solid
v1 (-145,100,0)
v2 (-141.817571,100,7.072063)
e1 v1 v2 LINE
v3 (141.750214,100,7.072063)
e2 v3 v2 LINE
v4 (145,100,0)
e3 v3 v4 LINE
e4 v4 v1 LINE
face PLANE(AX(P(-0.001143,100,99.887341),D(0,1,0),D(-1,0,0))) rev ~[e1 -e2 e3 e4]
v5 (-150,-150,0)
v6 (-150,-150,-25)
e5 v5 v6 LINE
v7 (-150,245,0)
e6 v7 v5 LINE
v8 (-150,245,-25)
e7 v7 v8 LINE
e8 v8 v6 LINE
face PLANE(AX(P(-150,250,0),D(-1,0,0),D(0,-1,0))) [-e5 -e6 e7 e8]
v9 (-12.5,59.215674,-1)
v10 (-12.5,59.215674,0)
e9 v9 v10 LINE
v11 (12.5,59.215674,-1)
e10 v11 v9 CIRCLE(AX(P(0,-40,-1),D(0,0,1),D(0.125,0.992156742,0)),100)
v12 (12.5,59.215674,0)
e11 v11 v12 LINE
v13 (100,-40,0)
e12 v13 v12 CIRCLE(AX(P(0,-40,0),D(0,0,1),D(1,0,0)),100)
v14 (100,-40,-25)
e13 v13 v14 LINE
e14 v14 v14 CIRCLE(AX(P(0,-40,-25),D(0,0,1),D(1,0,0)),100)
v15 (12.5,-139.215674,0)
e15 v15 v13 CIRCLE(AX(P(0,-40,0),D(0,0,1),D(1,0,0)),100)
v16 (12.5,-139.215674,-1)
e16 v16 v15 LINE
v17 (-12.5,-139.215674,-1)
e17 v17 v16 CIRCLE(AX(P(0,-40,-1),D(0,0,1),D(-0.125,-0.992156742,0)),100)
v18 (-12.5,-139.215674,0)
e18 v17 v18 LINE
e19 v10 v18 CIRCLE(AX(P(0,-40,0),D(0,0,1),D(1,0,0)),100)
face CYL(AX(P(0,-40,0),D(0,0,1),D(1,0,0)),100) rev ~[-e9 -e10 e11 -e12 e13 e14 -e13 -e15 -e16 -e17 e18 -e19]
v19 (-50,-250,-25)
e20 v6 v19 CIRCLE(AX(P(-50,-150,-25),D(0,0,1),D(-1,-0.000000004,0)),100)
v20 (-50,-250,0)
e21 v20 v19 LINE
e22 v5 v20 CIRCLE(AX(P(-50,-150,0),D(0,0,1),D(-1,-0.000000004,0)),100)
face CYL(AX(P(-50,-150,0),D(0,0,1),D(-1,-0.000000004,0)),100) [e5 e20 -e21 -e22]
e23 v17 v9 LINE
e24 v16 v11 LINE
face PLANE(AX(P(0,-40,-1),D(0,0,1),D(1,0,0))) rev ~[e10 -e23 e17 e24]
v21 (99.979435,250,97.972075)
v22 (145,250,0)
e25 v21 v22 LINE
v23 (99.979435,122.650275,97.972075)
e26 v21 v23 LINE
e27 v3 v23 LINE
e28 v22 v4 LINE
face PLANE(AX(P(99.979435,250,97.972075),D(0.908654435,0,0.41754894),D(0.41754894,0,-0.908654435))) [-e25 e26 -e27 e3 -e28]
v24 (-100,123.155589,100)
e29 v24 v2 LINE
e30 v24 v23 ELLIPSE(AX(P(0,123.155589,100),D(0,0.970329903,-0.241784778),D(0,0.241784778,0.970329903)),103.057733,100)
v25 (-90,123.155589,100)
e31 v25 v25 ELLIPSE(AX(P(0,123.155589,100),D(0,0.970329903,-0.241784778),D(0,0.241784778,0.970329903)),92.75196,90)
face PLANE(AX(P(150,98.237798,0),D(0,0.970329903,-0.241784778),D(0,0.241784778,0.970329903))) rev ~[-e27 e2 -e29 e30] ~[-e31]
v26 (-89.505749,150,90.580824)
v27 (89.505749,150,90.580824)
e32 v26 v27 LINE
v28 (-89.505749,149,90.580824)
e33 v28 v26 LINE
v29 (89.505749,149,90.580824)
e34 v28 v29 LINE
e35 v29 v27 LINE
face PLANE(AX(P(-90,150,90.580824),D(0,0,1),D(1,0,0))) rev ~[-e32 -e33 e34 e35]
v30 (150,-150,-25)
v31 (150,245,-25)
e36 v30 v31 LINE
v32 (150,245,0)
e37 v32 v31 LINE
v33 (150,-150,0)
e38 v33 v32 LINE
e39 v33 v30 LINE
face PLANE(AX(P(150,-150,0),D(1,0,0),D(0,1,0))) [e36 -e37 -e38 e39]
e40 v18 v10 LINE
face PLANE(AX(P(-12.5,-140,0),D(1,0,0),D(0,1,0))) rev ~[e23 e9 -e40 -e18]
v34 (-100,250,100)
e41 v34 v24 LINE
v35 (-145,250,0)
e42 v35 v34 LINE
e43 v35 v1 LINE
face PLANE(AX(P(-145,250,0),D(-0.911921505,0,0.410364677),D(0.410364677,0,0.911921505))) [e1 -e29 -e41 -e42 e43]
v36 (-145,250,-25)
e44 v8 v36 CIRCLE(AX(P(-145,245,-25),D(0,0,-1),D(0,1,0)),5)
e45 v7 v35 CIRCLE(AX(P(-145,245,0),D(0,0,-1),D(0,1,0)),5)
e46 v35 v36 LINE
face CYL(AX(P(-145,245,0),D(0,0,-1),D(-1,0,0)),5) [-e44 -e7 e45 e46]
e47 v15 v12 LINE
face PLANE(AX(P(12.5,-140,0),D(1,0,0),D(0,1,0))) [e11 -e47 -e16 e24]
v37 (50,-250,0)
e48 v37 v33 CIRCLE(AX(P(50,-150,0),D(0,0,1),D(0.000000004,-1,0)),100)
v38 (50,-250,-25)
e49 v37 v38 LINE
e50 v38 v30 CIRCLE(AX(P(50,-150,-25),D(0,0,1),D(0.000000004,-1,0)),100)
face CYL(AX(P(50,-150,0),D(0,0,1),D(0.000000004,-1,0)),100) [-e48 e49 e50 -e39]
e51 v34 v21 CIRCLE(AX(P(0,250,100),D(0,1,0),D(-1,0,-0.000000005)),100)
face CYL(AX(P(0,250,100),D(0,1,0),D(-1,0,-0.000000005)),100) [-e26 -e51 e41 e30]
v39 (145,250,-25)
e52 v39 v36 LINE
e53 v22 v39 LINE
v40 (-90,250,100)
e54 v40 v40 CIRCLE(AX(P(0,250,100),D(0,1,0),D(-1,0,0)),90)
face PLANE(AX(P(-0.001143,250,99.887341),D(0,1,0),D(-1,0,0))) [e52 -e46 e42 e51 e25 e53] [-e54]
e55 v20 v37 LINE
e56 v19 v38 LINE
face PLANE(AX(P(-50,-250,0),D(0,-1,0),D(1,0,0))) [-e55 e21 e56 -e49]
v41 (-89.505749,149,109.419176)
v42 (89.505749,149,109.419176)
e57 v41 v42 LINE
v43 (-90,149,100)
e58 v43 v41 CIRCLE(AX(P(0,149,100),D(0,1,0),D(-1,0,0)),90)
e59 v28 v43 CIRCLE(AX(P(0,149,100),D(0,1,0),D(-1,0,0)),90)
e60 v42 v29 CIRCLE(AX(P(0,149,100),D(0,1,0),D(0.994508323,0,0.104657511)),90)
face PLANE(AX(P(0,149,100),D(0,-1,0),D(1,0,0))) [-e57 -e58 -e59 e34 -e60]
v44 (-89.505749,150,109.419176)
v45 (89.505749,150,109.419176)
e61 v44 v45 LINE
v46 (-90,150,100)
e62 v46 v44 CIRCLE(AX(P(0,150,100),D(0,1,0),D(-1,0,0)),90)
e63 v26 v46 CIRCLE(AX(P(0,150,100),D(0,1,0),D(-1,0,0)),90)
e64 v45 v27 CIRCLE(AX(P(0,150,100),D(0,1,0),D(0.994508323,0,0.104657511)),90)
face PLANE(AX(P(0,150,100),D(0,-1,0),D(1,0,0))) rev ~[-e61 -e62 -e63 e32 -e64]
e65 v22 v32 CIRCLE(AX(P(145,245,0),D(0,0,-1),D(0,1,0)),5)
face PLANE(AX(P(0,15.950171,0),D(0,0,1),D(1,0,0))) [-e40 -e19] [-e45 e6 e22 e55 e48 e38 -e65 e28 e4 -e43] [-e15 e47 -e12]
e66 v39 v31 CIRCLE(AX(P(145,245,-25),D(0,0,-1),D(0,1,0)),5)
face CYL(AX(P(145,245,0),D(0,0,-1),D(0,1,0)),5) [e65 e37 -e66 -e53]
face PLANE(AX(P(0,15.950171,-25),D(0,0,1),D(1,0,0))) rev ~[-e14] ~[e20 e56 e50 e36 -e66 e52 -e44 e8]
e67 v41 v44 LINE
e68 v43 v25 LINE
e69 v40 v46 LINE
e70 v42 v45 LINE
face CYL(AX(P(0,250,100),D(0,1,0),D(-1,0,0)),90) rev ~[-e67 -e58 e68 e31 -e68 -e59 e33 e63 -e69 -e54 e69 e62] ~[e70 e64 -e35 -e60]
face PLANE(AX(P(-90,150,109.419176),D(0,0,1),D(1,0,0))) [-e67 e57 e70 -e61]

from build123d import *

# Parameters (mm, degrees)
F0_R      = 100
F1_DEPTH  = 25
F2_R      = 5
F3_R      = 90
F4_DEPTH  = 150
F6_DEPTH  = 300.001
F7_W      = 25
F7_H      = 200
F8_DEPTH  = 1
F10_W     = 180
F10_H     = 18.838352
F11_DEPTH = 1


with BuildPart() as f1:
    # F0 (on Top) → F1 (new body)
    with BuildSketch(Plane.XY):
        with BuildLine():
            ThreePointArc((-150, -150), (-120.710678, -220.710678), (-50, -250))
            Line((-50, -250), (50, -250))
            ThreePointArc((50, -250), (120.710678, -220.710678), (150, -150))
            Line((150, -150), (150, 250))
            Line((150, 250), (-150, 250))
            Line((-150, 250), (-150, -150))
        make_face()
        with Locations((0, -40)):
            Circle(F0_R, mode=Mode.SUBTRACT)
    extrude(amount=-F1_DEPTH)

    # F2
    f2_edges = [f1.edges().sort_by_distance(p)[0] for p in [
        (150, 250, -12.5),
        (-150, 250, -12.5),
    ]]
    fillet(f2_edges, radius=F2_R)

    # F3 (on face) → F4 (join)
    with BuildSketch(Plane(origin=(0, 250, 0), x_dir=(-1, 0, 0), z_dir=(0, 1, 0))):
        with BuildLine():
            ThreePointArc((-99.979435, 97.972075), (1.014014, 0.005141), (100, 100))
            ThreePointArc((100, 100), (-1.014014, 199.994859), (-99.979435, 97.972075))
        make_face()
        with Locations((0, 100)):
            Circle(F3_R, mode=Mode.SUBTRACT)
        with BuildLine():
            ThreePointArc((0, 0), (-69.990026, 28.575941), (-99.979435, 97.972075))
            Line((-99.979435, 97.972075), (-145, 0))
            Line((-145, 0), (0, 0))
        make_face()
        with BuildLine():
            Line((145, 0), (100, 100))
            ThreePointArc((100, 100), (70.710678, 29.289322), (0, 0))
            Line((0, 0), (145, 0))
        make_face()
    extrude(amount=-F4_DEPTH)

    # F5 (on face) → F6 (cut, through all)
    with BuildSketch(Plane.YZ.offset(150)):
        Polygon((98.237798, 200.659841), (98.237798, 0), (148.237798, 200.659841), align=None)
    extrude(amount=-F6_DEPTH, mode=Mode.SUBTRACT)

    # F7 (on face) → F8 (join)
    with BuildSketch(Plane.XY):
        with Locations((0, -40)):
            Rectangle(F7_W, F7_H)
    extrude(amount=-F8_DEPTH)

    # F10 (on offset) → F11 (join)
    with BuildSketch(Plane.XZ.offset(-150)):
        with Locations((0, 100)):
            Rectangle(F10_W, F10_H)
    extrude(amount=F11_DEPTH)


solid = f1.part
